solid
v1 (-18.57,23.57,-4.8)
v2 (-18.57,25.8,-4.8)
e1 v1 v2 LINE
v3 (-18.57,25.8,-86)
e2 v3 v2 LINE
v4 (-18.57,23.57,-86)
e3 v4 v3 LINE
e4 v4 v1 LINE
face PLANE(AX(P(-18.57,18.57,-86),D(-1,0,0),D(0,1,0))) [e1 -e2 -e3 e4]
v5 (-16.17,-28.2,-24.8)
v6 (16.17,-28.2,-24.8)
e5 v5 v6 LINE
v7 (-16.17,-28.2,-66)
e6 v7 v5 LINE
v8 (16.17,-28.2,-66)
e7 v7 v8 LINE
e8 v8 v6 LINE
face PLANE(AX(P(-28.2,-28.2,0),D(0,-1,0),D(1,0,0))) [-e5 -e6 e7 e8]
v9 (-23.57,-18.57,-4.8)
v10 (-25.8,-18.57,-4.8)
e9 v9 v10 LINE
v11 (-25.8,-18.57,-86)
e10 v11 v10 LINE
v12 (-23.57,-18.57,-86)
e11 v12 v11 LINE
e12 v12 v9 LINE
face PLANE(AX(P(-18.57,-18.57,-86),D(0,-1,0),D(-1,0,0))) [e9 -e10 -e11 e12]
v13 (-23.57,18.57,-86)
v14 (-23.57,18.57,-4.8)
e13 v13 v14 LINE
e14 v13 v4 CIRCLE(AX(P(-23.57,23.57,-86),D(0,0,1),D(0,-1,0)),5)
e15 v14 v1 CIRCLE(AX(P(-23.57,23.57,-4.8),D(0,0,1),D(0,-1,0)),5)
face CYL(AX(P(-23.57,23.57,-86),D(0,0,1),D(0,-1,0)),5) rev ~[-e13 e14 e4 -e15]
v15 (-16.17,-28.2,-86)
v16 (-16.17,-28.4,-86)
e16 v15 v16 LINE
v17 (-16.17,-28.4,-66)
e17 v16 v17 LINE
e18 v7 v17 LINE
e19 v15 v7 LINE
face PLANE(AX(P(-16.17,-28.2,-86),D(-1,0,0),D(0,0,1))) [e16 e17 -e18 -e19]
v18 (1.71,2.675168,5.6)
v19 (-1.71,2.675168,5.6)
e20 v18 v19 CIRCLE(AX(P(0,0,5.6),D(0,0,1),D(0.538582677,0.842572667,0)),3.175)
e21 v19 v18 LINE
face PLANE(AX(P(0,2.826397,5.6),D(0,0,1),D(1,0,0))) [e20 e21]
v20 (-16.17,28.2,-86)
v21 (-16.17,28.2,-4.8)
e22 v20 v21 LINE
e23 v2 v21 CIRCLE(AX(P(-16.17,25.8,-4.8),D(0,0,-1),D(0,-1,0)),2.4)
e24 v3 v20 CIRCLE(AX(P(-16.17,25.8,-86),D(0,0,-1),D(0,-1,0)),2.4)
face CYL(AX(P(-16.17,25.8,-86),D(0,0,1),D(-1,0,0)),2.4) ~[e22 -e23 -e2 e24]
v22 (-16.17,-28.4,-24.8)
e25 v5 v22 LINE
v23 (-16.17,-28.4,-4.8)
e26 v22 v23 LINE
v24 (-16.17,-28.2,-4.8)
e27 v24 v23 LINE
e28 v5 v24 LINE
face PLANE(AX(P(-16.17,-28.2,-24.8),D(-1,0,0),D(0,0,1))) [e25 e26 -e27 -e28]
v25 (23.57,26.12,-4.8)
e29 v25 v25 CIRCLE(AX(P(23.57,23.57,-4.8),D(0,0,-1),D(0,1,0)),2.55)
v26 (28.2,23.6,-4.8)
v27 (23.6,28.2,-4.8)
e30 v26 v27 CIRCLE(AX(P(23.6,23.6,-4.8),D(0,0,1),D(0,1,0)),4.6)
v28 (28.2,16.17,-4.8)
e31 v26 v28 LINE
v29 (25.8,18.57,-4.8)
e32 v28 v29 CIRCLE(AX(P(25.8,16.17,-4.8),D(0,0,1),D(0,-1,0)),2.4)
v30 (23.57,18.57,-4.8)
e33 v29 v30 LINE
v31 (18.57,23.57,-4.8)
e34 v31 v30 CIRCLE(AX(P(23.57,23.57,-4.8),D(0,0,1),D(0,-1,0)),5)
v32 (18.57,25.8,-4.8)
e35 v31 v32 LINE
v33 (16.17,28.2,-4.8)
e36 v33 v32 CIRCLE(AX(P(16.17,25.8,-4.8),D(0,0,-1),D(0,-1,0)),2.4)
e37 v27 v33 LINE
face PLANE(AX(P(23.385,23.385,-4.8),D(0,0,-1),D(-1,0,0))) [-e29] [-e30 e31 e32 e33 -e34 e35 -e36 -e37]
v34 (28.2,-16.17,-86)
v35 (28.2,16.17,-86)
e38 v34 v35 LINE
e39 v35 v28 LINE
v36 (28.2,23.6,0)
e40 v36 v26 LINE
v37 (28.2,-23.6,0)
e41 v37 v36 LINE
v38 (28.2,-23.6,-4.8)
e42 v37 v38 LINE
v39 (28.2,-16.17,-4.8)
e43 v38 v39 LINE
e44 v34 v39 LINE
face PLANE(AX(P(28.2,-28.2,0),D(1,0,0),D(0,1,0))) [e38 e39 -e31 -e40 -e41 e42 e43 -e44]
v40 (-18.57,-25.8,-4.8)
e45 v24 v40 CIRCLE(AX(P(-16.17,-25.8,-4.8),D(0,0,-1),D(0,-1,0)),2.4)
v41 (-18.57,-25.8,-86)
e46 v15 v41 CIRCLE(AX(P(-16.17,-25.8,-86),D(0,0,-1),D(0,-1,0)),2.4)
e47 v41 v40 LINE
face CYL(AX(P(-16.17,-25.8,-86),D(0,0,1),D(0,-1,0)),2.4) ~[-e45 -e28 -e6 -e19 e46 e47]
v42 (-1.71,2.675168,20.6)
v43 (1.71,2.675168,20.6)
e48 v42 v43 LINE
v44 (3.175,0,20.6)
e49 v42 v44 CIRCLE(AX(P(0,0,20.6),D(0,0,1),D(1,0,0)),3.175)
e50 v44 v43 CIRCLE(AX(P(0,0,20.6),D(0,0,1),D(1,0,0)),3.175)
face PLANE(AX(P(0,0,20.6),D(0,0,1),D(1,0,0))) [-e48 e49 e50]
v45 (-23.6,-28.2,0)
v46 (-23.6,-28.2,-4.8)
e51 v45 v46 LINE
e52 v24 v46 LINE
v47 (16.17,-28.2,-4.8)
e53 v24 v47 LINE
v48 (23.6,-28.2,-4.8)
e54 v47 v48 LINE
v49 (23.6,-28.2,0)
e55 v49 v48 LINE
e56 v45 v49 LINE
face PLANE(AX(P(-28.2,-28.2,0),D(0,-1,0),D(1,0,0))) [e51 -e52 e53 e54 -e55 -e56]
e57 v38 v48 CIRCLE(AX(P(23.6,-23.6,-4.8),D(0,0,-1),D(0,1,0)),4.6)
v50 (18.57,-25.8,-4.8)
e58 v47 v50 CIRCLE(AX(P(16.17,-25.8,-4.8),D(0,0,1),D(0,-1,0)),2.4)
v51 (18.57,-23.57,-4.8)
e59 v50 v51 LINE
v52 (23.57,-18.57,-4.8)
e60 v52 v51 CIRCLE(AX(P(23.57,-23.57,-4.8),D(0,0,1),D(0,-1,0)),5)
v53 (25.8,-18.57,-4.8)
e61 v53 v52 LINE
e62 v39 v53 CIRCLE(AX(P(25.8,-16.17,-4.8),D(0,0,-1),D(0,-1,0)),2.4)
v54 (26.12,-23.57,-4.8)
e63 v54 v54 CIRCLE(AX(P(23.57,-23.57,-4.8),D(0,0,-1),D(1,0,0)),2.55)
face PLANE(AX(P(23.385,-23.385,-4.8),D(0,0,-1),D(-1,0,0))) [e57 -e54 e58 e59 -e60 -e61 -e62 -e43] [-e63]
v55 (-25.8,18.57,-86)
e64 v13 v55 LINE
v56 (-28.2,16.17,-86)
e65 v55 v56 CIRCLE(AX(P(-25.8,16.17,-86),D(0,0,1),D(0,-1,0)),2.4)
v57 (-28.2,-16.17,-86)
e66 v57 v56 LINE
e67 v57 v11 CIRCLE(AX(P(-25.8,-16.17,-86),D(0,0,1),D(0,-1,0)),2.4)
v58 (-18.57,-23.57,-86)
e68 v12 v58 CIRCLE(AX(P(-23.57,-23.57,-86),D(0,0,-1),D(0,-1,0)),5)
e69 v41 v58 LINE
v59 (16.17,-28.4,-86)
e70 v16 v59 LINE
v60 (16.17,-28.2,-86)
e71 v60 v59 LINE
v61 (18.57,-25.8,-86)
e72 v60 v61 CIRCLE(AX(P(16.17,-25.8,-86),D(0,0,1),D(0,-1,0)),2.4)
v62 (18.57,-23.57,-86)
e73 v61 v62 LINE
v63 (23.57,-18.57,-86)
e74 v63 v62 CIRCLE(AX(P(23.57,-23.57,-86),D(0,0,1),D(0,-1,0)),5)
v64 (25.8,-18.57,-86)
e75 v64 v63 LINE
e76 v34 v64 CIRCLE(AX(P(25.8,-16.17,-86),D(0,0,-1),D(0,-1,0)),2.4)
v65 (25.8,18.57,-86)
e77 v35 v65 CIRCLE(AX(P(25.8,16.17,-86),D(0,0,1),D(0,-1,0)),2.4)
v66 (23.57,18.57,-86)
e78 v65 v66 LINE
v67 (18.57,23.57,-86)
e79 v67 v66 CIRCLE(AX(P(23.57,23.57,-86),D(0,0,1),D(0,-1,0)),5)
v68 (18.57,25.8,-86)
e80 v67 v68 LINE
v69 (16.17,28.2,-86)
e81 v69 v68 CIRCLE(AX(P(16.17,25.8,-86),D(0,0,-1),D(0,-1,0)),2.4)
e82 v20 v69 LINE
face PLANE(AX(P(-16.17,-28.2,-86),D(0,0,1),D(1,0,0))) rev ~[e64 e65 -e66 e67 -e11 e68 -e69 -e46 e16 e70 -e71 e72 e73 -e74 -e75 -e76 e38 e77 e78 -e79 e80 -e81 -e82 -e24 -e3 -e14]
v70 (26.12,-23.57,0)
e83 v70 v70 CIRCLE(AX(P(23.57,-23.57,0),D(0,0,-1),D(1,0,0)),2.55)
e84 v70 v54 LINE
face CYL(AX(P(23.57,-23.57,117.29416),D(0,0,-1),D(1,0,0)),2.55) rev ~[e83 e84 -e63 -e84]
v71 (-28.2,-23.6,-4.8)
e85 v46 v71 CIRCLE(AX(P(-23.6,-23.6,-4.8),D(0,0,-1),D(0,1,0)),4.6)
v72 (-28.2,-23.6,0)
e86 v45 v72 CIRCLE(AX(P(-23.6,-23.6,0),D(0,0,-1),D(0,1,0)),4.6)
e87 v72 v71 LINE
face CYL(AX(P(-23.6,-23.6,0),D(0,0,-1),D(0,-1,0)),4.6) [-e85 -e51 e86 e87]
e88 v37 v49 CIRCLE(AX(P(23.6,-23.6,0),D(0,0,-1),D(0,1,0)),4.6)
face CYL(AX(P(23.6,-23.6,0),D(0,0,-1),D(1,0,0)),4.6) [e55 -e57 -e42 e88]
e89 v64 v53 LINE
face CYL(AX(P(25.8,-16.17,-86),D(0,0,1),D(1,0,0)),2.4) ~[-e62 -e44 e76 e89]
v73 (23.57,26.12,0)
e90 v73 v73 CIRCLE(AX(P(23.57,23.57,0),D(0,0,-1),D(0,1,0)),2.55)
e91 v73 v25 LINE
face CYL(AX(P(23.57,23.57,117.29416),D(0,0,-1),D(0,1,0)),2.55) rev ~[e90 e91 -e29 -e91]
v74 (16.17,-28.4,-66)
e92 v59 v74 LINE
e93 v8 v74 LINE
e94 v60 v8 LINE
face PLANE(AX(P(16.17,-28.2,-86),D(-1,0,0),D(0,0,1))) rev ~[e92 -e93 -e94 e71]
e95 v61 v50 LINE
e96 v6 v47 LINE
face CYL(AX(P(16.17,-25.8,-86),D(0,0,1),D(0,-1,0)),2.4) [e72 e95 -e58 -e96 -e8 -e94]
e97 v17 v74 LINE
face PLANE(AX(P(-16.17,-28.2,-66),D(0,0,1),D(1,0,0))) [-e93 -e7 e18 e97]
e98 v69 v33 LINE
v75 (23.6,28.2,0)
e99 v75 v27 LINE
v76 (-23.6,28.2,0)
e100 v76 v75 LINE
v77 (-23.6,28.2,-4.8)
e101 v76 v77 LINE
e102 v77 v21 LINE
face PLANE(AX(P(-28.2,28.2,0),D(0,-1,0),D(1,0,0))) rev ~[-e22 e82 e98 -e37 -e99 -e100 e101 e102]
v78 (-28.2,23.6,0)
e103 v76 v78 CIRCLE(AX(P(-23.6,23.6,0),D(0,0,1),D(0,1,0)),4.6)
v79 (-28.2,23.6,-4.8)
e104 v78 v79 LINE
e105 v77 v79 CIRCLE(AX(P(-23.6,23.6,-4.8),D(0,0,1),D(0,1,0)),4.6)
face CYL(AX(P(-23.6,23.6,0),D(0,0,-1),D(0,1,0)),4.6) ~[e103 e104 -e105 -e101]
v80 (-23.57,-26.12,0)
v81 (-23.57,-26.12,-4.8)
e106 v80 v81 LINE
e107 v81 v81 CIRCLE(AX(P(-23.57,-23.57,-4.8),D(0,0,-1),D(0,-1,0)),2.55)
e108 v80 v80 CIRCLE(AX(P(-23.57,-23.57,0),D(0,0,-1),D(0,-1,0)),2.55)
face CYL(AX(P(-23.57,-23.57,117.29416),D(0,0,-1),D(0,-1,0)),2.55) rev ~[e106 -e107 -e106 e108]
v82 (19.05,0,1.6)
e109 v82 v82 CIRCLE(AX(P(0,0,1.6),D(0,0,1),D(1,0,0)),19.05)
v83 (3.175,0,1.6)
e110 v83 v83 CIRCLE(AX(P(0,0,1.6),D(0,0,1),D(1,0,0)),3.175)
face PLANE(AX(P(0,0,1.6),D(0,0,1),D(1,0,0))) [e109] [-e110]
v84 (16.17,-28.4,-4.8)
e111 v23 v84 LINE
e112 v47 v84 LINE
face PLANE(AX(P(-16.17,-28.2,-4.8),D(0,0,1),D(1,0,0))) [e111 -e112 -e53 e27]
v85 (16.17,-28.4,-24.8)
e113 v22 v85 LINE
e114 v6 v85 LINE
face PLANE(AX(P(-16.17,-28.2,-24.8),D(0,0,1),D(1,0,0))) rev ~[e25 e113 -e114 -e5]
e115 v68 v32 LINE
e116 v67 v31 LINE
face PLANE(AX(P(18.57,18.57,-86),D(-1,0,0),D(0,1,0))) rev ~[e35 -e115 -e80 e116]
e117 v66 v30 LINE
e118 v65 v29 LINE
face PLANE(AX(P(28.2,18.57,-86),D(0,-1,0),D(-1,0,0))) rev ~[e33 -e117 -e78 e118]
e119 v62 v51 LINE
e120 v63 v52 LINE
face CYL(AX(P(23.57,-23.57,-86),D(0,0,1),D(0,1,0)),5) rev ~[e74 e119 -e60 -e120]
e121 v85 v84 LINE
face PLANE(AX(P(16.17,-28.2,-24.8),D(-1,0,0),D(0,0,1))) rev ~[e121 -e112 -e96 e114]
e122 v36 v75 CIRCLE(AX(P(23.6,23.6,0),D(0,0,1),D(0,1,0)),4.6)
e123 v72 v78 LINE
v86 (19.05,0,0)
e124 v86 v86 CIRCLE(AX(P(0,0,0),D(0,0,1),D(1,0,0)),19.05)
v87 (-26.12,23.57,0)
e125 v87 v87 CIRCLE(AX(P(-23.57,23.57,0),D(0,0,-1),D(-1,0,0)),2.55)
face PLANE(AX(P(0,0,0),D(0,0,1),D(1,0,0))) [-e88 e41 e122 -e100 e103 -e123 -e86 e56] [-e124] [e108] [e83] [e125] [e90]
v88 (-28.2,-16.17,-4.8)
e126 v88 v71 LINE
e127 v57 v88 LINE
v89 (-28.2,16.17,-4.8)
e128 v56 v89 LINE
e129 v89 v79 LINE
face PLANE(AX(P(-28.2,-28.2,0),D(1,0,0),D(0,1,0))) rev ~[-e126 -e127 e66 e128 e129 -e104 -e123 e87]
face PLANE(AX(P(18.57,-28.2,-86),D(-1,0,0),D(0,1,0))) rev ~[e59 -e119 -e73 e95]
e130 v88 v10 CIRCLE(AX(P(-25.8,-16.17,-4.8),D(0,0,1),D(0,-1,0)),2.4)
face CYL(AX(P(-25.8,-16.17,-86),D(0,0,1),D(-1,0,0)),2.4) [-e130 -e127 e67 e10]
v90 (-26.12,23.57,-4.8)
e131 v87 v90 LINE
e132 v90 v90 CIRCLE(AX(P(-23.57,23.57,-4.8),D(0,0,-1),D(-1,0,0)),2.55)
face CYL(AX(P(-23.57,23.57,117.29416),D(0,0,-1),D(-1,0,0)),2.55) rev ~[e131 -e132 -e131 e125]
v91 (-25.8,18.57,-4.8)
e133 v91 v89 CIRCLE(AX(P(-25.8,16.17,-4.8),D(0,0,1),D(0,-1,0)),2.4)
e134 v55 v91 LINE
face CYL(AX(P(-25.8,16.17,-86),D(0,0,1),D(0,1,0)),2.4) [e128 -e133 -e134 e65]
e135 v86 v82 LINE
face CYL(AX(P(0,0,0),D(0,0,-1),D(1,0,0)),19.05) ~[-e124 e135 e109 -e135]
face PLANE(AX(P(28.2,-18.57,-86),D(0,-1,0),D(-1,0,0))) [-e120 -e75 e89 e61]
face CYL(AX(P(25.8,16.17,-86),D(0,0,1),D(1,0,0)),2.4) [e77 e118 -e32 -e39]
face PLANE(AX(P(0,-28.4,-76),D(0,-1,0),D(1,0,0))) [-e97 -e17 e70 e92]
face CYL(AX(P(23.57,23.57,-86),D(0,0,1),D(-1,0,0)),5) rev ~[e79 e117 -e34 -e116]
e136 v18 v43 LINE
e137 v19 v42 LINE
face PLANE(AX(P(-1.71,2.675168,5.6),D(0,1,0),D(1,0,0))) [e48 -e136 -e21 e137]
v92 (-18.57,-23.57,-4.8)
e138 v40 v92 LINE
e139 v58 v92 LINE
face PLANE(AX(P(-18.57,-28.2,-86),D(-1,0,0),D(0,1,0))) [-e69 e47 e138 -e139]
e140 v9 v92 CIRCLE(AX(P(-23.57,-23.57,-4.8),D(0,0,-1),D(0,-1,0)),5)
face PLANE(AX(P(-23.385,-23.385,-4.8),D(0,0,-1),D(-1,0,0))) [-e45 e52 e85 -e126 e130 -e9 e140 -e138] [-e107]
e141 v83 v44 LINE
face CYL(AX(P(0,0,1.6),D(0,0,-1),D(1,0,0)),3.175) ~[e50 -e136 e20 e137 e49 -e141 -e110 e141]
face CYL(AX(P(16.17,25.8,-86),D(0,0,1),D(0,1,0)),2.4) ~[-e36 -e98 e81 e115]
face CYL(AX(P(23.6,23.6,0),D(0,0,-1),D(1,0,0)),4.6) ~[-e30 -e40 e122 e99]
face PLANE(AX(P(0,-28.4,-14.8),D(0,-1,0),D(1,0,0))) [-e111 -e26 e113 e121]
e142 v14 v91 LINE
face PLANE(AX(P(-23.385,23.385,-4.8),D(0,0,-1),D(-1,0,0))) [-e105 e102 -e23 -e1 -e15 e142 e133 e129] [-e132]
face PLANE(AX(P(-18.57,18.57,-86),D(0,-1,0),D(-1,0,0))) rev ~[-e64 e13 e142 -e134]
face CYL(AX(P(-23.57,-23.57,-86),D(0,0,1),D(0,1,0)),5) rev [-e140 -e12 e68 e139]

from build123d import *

# Parameters (mm, degrees)
SKETCH1_W                  = 56.4
SKETCH1_H                  = 56.4
BOSS_EXTRUDE1_DEPTH        = 86
SKETCH2_W                  = 9.63
SKETCH2_H                  = 9.63
CUT_EXTRUDE1_DEPTH         = 81.2
FILLET1_R                  = 5
FILLET2_R                  = 2.4
FILLET3_R                  = 4.6
F_5_1_5_1_DIAMETER_HOLE1_D = 5.1
CIRPATTERN1_COUNT          = 4
SKETCH7_R                  = 19.05
BOSS_EXTRUDE2_DEPTH        = 1.6
SKETCH8_R                  = 3.175
BOSS_EXTRUDE3_DEPTH        = 19
CUT_EXTRUDE2_START         = -15
CUT_EXTRUDE2_DEPTH         = 15
SKETCH11_W                 = 32.34
SKETCH11_H                 = 20
BOSS_EXTRUDE4_DEPTH        = 0.2


with BuildPart() as part:
    # Sketch1 → Boss-Extrude1 (new body)
    with BuildSketch(Plane.XY):
        Rectangle(SKETCH1_W, SKETCH1_H)
    extrude(amount=-BOSS_EXTRUDE1_DEPTH)

    # Sketch2 → Cut-Extrude1 (cut)
    with BuildSketch(Plane(origin=(0, 0, -86), x_dir=(-1, 0, 0), z_dir=(0, 0, -1))):
        with Locations((23.385, 23.385)):
            Rectangle(SKETCH2_W, SKETCH2_H)
        with Locations((-23.385, 23.385)):
            Rectangle(SKETCH2_W, SKETCH2_H)
        with Locations((23.385, -23.385)):
            Rectangle(SKETCH2_W, SKETCH2_H)
        with Locations((-23.385, -23.385)):
            Rectangle(SKETCH2_W, SKETCH2_H)
    extrude(amount=-CUT_EXTRUDE1_DEPTH, mode=Mode.SUBTRACT)

    # Fillet1
    fillet1_edges = [part.edges().sort_by_distance(p)[0] for p in [
        (18.57, -18.57, -45.4),
        (-18.57, -18.57, -45.4),
        (-18.57, 18.57, -45.4),
        (18.57, 18.57, -45.4),
    ]]
    fillet(fillet1_edges, radius=FILLET1_R)

    # Fillet2
    fillet2_edges = [part.edges().sort_by_distance(p)[0] for p in [
        (18.57, -28.2, -45.4),
        (28.2, -18.57, -45.4),
        (-28.2, -18.57, -45.4),
        (-18.57, -28.2, -45.4),
        (-18.57, 28.2, -45.4),
        (-28.2, 18.57, -45.4),
        (28.2, 18.57, -45.4),
        (18.57, 28.2, -45.4),
    ]]
    fillet(fillet2_edges, radius=FILLET2_R)

    # Fillet3
    fillet3_edges = [part.edges().sort_by_distance(p)[0] for p in [
        (28.2, 28.2, -2.4),
        (-28.2, 28.2, -2.4),
        (-28.2, -28.2, -2.4),
        (28.2, -28.2, -2.4),
    ]]
    fillet(fillet3_edges, radius=FILLET3_R)

    # Ø5.1 (5.1) Diameter Hole1 (through all)
    with Locations(Plane.XY):
        with Locations((-23.57, 23.57)):
            f_5_1_5_1_diameter_hole1 = Hole(F_5_1_5_1_DIAMETER_HOLE1_D / 2)

    # CirPattern1: Ø5.1 (5.1) Diameter Hole1 ×4 about axis
    cirpattern1_axis = Axis((0, 0, 0), (0, 0, 1))
    for i in range(1, CIRPATTERN1_COUNT):
        add(f_5_1_5_1_diameter_hole1.rotate(cirpattern1_axis, i * 360 / CIRPATTERN1_COUNT), mode=Mode.SUBTRACT)

    # Sketch7 → Boss-Extrude2 (add)
    with BuildSketch(Plane.XY):
        Circle(SKETCH7_R)
    extrude(amount=BOSS_EXTRUDE2_DEPTH)

    # Sketch8 → Boss-Extrude3 (add)
    with BuildSketch(Plane.XY.offset(1.6)):
        Circle(SKETCH8_R)
    extrude(amount=BOSS_EXTRUDE3_DEPTH)

    # Sketch9 → Cut-Extrude2 (cut)
    with BuildSketch(Plane.XY.offset(20.6).offset(CUT_EXTRUDE2_START)):
        with BuildLine():
            Line((-1.71, 2.675168219), (1.71, 2.675168219))
            ThreePointArc((1.71, 2.675168219), (0, 3.175), (-1.71, 2.675168219))
        make_face()
    extrude(amount=CUT_EXTRUDE2_DEPTH, mode=Mode.SUBTRACT)

    # Sketch11 → Boss-Extrude4 (add)
    with BuildSketch(Plane.XZ.offset(28.2)):
        with Locations((0, -76)):
            Rectangle(SKETCH11_W, SKETCH11_H)
        with Locations((0, -14.8)):
            Rectangle(SKETCH11_W, SKETCH11_H)
    extrude(amount=BOSS_EXTRUDE4_DEPTH)


solid = part.part
